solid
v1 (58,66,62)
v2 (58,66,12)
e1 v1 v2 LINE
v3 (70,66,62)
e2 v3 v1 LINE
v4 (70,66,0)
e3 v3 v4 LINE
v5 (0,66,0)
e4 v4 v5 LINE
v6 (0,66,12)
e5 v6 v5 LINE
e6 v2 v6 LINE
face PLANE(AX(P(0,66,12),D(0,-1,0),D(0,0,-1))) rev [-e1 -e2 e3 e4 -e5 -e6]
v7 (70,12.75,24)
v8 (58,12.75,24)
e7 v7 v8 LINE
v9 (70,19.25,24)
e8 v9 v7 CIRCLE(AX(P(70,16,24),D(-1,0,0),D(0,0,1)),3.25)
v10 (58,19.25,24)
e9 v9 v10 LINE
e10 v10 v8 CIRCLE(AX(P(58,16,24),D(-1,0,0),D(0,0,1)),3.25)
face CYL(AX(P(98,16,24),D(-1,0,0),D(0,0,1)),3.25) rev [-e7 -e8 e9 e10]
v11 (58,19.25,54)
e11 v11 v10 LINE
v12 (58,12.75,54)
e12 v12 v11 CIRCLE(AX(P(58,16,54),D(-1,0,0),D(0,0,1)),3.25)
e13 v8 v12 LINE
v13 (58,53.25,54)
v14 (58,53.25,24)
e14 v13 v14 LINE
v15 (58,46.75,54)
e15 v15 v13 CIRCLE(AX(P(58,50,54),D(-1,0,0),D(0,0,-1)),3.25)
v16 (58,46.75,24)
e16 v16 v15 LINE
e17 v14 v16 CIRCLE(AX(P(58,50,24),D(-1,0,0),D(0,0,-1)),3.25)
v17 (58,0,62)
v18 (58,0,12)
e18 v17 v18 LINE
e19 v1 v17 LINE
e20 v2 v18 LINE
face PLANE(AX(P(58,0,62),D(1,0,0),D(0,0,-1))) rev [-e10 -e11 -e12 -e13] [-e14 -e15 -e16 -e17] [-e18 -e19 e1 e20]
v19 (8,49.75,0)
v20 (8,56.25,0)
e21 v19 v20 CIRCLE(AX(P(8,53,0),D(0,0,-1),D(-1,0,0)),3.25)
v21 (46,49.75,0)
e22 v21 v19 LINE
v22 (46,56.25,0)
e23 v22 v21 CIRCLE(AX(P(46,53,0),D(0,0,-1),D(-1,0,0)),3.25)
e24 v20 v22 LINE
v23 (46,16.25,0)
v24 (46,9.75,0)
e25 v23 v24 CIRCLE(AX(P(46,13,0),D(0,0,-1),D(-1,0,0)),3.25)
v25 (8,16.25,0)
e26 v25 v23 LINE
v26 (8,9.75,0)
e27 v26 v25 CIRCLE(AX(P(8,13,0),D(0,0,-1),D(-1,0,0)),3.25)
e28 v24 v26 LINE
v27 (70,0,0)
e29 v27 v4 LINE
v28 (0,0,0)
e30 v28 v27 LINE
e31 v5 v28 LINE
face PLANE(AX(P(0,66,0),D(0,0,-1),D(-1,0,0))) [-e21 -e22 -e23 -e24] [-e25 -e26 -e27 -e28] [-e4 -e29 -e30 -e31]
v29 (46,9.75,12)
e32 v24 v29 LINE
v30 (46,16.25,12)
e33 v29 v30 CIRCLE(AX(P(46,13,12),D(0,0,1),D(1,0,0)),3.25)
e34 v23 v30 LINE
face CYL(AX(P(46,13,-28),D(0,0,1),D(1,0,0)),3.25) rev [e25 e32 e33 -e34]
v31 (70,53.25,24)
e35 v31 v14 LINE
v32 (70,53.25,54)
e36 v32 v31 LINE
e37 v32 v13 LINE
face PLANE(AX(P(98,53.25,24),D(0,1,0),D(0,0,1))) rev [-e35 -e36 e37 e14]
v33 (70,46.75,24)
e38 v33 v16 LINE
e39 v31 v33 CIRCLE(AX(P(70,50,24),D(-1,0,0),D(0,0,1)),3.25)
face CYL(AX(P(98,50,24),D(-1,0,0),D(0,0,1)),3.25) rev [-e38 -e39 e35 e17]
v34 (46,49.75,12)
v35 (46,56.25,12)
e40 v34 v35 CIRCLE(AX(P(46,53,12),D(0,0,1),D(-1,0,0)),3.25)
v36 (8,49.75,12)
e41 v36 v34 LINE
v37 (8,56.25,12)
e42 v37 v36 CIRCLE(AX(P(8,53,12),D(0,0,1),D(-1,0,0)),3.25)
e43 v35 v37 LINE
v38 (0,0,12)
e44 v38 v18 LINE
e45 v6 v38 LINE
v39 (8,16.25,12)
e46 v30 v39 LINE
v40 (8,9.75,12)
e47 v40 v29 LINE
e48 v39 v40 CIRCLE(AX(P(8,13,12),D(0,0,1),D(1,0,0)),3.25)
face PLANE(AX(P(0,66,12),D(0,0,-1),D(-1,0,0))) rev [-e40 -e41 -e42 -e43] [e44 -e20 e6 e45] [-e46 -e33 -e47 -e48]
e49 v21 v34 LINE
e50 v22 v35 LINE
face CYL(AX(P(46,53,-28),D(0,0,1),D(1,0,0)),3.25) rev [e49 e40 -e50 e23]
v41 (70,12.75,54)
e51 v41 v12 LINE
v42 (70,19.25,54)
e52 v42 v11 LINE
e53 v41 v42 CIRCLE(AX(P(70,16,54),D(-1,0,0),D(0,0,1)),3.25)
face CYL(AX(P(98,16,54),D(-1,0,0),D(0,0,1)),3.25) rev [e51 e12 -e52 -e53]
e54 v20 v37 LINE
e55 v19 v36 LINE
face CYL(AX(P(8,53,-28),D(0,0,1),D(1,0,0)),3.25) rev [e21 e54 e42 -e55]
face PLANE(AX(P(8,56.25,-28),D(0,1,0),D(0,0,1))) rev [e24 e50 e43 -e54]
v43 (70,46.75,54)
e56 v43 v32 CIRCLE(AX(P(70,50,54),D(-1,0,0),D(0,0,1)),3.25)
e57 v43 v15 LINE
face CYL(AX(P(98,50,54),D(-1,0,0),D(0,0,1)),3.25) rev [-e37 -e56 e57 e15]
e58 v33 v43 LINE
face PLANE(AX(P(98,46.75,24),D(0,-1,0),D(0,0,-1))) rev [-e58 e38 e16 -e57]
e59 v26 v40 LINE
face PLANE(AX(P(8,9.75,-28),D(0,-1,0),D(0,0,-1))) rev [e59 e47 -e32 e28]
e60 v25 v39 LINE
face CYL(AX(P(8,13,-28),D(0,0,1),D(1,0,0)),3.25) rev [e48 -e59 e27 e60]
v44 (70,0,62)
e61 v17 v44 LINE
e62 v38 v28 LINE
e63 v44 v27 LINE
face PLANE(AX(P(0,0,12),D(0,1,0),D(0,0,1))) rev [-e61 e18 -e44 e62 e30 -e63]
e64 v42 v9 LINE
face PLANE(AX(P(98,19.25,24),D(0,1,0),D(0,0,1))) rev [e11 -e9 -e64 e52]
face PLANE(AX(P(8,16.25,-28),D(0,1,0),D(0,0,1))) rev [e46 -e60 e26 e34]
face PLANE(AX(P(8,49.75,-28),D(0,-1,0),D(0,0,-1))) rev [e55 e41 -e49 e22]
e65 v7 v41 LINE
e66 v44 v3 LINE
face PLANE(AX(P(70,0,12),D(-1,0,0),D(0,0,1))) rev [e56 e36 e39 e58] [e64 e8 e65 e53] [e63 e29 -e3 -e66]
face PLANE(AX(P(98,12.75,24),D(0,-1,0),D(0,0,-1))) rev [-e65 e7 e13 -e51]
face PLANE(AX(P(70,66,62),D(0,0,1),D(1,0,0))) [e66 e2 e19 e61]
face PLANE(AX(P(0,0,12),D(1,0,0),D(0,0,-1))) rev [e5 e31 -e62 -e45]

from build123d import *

# Parameters (mm, degrees)
SKETCH_1_W          = 70
SKETCH_1_H          = 66
EXTRUDE_1_DEPTH     = 12
SKETCH_2_W          = 12
SKETCH_2_H          = 66
EXTRUDE_2_DEPTH     = 50
CUT_EXTRUDE_1_DEPTH = 40
CUT_EXTRUDE_2_DEPTH = 40


with BuildPart() as part:
    # 草图1 → 凸台-拉伸1 (new body)
    with BuildSketch(Plane.XY):
        with Locations((35, 33)):
            Rectangle(SKETCH_1_W, SKETCH_1_H)
    extrude(amount=EXTRUDE_1_DEPTH)

    # 草图2 → 凸台-拉伸2 (add)
    with BuildSketch(Plane.XY.offset(12)):
        with Locations((64, 33)):
            Rectangle(SKETCH_2_W, SKETCH_2_H)
    extrude(amount=EXTRUDE_2_DEPTH)

    # 草图3 → 切除-拉伸1 (cut)
    with BuildSketch(Plane.ZY.offset(-58)):
        with BuildLine():
            Line((24, 19.25), (54, 19.25))
            ThreePointArc((54, 19.25), (57.25, 16), (54, 12.75))
            Line((54, 12.75), (24, 12.75))
            ThreePointArc((24, 12.75), (20.75, 16), (24, 19.25))
        make_face()
        with BuildLine():
            Line((24, 46.75), (54, 46.75))
            ThreePointArc((54, 46.75), (57.25, 50), (54, 53.25))
            Line((54, 53.25), (24, 53.25))
            ThreePointArc((24, 53.25), (20.75, 50), (24, 46.75))
        make_face()
    extrude(amount=-CUT_EXTRUDE_1_DEPTH, mode=Mode.SUBTRACT)

    # 草图6 → 切除-拉伸2 (cut)
    with BuildSketch(Plane.XY.offset(12)):
        with BuildLine():
            Line((8, 16.25), (46, 16.25))
            ThreePointArc((46, 16.25), (49.25, 13), (46, 9.75))
            Line((46, 9.75), (8, 9.75))
            ThreePointArc((8, 9.75), (4.75, 13), (8, 16.25))
        make_face()
        with BuildLine():
            Line((8, 49.75), (46, 49.75))
            ThreePointArc((46, 49.75), (49.25, 53), (46, 56.25))
            Line((46, 56.25), (8, 56.25))
            ThreePointArc((8, 56.25), (4.75, 53), (8, 49.75))
        make_face()
    extrude(amount=-CUT_EXTRUDE_2_DEPTH, mode=Mode.SUBTRACT)


solid = part.part
